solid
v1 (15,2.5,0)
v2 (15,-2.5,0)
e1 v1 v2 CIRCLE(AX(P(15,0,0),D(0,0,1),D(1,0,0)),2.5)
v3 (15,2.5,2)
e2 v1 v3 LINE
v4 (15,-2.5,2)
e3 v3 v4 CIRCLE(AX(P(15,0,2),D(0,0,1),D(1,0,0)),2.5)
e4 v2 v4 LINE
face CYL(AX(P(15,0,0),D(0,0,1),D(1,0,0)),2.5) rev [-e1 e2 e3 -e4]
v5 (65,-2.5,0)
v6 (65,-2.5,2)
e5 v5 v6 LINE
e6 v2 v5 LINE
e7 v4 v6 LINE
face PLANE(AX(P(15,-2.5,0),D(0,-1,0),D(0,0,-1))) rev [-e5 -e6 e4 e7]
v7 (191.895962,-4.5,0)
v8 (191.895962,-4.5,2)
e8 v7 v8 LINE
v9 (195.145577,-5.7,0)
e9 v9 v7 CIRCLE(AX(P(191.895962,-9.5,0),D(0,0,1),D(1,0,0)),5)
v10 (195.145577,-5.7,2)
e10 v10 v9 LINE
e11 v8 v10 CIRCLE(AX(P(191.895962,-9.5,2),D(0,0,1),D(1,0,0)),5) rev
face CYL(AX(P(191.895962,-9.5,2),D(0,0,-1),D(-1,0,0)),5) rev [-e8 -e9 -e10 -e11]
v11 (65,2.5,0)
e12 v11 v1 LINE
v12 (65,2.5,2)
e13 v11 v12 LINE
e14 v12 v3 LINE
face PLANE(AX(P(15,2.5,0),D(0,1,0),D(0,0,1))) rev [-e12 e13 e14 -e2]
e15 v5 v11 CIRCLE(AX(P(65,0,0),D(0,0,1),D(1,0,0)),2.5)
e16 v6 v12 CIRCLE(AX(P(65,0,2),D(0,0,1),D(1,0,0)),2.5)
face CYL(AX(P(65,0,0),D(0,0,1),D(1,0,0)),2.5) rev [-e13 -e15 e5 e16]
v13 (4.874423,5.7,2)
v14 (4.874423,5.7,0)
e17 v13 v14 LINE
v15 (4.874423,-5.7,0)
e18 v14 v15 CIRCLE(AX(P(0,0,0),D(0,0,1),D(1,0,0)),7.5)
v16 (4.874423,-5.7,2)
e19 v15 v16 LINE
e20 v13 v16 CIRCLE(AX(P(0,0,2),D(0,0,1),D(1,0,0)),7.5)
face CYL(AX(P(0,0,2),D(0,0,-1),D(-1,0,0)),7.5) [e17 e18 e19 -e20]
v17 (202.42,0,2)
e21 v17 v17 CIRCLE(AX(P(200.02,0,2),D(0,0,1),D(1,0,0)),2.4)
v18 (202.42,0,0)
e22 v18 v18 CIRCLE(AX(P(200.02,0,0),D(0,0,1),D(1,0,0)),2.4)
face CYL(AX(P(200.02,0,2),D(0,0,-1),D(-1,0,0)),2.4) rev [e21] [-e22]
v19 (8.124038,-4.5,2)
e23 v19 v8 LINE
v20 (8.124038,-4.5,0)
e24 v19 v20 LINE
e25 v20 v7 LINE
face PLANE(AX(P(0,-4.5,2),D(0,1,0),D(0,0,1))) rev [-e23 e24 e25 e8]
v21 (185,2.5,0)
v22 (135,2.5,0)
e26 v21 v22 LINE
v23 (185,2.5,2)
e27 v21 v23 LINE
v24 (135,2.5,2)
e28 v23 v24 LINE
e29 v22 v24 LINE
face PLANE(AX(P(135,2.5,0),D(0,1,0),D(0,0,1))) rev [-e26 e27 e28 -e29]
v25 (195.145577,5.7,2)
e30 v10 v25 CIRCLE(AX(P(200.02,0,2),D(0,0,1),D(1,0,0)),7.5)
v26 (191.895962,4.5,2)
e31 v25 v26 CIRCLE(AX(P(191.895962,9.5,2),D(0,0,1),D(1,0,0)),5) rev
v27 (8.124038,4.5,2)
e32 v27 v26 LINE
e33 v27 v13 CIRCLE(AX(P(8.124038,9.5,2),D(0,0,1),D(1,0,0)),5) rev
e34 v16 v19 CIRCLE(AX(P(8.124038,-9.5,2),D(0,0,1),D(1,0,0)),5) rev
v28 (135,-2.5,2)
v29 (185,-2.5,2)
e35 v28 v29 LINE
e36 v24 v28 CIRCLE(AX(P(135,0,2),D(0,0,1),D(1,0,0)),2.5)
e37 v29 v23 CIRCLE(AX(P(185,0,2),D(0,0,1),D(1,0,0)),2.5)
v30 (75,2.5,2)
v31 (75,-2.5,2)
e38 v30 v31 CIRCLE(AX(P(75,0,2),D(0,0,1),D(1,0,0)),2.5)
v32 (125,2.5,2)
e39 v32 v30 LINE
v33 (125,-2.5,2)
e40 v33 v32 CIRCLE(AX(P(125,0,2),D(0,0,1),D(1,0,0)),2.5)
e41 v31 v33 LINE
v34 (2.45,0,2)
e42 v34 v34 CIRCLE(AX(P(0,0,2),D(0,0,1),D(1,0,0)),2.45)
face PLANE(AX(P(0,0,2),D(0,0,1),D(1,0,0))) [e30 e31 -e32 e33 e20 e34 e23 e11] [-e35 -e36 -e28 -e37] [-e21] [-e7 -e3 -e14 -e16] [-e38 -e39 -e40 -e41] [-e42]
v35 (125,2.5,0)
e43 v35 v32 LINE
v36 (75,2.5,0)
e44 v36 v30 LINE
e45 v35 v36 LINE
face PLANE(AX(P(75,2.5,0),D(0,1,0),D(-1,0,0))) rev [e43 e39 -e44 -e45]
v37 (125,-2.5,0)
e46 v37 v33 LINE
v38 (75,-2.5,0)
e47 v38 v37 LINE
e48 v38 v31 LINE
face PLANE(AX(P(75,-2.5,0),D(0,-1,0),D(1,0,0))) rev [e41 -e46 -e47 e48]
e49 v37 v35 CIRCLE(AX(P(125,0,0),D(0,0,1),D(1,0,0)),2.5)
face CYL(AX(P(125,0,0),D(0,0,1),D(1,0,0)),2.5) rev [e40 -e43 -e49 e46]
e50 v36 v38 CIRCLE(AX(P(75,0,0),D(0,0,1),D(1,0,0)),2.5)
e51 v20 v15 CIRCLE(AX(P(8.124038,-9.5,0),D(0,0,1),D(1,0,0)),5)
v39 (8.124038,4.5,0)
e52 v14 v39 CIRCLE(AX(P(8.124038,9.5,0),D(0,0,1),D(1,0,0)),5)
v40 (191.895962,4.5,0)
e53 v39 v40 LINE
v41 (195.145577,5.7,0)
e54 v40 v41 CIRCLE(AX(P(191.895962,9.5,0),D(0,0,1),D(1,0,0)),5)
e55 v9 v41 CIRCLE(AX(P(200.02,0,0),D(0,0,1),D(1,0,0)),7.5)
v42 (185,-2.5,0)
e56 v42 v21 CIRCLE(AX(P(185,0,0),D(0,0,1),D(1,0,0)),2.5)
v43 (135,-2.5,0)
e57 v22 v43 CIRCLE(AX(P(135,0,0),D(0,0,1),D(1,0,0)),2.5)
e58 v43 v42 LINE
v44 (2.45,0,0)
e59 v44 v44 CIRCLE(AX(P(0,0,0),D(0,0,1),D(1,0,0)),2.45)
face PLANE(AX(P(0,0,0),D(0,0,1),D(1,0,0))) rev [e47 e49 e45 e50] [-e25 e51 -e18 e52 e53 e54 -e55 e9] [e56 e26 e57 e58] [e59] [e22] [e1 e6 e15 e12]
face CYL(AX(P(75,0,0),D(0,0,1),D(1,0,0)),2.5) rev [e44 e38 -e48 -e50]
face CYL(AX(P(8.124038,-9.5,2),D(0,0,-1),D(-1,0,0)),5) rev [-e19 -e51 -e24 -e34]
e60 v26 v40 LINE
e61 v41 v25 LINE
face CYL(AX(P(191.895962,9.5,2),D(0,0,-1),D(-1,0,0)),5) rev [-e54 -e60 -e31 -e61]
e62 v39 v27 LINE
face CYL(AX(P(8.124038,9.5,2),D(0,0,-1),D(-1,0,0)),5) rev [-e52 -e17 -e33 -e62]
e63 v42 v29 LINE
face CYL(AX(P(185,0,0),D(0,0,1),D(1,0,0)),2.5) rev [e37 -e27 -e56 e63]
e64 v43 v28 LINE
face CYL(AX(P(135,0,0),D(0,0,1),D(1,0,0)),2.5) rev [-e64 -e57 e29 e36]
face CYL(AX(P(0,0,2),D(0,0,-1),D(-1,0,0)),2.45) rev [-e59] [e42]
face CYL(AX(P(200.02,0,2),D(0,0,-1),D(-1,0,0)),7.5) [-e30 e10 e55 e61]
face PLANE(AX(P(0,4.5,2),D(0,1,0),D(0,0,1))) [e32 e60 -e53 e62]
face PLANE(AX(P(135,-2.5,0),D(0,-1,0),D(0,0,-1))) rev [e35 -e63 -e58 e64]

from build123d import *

# Parameters (mm, degrees)
SKETCH1_R           = 7.5
SKETCH1_R_2         = 2.45
SKETCH1_R_3         = 2.4
SKETCH1_W           = 188.02
SKETCH1_H           = 9
BOSS_EXTRUDE1_DEPTH = 2
CUT_EXTRUDE1_DEPTH  = 208.665115992
FILLET1_R           = 5


with BuildPart() as part:
    # Sketch1 → Boss-Extrude1 (new body)
    # profile 1 of 3: a face of its own
    with BuildSketch(Plane.XY):
        Circle(SKETCH1_R)
        Circle(SKETCH1_R_2, mode=Mode.SUBTRACT)
    # profile 2 of 3: a face of its own
    with BuildSketch(Plane.XY):
        with Locations((200.02, 0)):
            Circle(SKETCH1_R)
        with Locations((200.02, 0)):
            Circle(SKETCH1_R_3, mode=Mode.SUBTRACT)
    # profile 3 of 3: a face of its own
    with BuildSketch(Plane.XY):
        with Locations((100.01, 0)):
            Rectangle(SKETCH1_W, SKETCH1_H)
    extrude(amount=BOSS_EXTRUDE1_DEPTH)

    # Sketch2 → Cut-Extrude1 (cut, through all)
    with BuildSketch(Plane.XY.offset(2)):
        with BuildLine():
            Line((75, 2.5), (125, 2.5))
            ThreePointArc((125, 2.5), (127.5, 0), (125, -2.5))
            Line((125, -2.5), (75, -2.5))
            ThreePointArc((75, -2.5), (72.5, 0), (75, 2.5))
        make_face()
        with BuildLine():
            Line((135, 2.5), (185, 2.5))
            ThreePointArc((185, 2.5), (187.5, 0), (185, -2.5))
            Line((185, -2.5), (135, -2.5))
            ThreePointArc((135, -2.5), (132.5, 0), (135, 2.5))
        make_face()
        with BuildLine():
            Line((15, 2.5), (65, 2.5))
            ThreePointArc((65, 2.5), (67.5, 0), (65, -2.5))
            Line((65, -2.5), (15, -2.5))
            ThreePointArc((15, -2.5), (12.5, 0), (15, 2.5))
        make_face()
    extrude(amount=-CUT_EXTRUDE1_DEPTH, mode=Mode.SUBTRACT)

    # Fillet1
    fillet1_edges = [part.edges().sort_by_distance(p)[0] for p in [
        (6, -4.5, 1),
        (6, 4.5, 1),
        (194.02, 4.5, 1),
        (194.02, -4.5, 1),
    ]]
    fillet(fillet1_edges, radius=FILLET1_R)


solid = part.part
